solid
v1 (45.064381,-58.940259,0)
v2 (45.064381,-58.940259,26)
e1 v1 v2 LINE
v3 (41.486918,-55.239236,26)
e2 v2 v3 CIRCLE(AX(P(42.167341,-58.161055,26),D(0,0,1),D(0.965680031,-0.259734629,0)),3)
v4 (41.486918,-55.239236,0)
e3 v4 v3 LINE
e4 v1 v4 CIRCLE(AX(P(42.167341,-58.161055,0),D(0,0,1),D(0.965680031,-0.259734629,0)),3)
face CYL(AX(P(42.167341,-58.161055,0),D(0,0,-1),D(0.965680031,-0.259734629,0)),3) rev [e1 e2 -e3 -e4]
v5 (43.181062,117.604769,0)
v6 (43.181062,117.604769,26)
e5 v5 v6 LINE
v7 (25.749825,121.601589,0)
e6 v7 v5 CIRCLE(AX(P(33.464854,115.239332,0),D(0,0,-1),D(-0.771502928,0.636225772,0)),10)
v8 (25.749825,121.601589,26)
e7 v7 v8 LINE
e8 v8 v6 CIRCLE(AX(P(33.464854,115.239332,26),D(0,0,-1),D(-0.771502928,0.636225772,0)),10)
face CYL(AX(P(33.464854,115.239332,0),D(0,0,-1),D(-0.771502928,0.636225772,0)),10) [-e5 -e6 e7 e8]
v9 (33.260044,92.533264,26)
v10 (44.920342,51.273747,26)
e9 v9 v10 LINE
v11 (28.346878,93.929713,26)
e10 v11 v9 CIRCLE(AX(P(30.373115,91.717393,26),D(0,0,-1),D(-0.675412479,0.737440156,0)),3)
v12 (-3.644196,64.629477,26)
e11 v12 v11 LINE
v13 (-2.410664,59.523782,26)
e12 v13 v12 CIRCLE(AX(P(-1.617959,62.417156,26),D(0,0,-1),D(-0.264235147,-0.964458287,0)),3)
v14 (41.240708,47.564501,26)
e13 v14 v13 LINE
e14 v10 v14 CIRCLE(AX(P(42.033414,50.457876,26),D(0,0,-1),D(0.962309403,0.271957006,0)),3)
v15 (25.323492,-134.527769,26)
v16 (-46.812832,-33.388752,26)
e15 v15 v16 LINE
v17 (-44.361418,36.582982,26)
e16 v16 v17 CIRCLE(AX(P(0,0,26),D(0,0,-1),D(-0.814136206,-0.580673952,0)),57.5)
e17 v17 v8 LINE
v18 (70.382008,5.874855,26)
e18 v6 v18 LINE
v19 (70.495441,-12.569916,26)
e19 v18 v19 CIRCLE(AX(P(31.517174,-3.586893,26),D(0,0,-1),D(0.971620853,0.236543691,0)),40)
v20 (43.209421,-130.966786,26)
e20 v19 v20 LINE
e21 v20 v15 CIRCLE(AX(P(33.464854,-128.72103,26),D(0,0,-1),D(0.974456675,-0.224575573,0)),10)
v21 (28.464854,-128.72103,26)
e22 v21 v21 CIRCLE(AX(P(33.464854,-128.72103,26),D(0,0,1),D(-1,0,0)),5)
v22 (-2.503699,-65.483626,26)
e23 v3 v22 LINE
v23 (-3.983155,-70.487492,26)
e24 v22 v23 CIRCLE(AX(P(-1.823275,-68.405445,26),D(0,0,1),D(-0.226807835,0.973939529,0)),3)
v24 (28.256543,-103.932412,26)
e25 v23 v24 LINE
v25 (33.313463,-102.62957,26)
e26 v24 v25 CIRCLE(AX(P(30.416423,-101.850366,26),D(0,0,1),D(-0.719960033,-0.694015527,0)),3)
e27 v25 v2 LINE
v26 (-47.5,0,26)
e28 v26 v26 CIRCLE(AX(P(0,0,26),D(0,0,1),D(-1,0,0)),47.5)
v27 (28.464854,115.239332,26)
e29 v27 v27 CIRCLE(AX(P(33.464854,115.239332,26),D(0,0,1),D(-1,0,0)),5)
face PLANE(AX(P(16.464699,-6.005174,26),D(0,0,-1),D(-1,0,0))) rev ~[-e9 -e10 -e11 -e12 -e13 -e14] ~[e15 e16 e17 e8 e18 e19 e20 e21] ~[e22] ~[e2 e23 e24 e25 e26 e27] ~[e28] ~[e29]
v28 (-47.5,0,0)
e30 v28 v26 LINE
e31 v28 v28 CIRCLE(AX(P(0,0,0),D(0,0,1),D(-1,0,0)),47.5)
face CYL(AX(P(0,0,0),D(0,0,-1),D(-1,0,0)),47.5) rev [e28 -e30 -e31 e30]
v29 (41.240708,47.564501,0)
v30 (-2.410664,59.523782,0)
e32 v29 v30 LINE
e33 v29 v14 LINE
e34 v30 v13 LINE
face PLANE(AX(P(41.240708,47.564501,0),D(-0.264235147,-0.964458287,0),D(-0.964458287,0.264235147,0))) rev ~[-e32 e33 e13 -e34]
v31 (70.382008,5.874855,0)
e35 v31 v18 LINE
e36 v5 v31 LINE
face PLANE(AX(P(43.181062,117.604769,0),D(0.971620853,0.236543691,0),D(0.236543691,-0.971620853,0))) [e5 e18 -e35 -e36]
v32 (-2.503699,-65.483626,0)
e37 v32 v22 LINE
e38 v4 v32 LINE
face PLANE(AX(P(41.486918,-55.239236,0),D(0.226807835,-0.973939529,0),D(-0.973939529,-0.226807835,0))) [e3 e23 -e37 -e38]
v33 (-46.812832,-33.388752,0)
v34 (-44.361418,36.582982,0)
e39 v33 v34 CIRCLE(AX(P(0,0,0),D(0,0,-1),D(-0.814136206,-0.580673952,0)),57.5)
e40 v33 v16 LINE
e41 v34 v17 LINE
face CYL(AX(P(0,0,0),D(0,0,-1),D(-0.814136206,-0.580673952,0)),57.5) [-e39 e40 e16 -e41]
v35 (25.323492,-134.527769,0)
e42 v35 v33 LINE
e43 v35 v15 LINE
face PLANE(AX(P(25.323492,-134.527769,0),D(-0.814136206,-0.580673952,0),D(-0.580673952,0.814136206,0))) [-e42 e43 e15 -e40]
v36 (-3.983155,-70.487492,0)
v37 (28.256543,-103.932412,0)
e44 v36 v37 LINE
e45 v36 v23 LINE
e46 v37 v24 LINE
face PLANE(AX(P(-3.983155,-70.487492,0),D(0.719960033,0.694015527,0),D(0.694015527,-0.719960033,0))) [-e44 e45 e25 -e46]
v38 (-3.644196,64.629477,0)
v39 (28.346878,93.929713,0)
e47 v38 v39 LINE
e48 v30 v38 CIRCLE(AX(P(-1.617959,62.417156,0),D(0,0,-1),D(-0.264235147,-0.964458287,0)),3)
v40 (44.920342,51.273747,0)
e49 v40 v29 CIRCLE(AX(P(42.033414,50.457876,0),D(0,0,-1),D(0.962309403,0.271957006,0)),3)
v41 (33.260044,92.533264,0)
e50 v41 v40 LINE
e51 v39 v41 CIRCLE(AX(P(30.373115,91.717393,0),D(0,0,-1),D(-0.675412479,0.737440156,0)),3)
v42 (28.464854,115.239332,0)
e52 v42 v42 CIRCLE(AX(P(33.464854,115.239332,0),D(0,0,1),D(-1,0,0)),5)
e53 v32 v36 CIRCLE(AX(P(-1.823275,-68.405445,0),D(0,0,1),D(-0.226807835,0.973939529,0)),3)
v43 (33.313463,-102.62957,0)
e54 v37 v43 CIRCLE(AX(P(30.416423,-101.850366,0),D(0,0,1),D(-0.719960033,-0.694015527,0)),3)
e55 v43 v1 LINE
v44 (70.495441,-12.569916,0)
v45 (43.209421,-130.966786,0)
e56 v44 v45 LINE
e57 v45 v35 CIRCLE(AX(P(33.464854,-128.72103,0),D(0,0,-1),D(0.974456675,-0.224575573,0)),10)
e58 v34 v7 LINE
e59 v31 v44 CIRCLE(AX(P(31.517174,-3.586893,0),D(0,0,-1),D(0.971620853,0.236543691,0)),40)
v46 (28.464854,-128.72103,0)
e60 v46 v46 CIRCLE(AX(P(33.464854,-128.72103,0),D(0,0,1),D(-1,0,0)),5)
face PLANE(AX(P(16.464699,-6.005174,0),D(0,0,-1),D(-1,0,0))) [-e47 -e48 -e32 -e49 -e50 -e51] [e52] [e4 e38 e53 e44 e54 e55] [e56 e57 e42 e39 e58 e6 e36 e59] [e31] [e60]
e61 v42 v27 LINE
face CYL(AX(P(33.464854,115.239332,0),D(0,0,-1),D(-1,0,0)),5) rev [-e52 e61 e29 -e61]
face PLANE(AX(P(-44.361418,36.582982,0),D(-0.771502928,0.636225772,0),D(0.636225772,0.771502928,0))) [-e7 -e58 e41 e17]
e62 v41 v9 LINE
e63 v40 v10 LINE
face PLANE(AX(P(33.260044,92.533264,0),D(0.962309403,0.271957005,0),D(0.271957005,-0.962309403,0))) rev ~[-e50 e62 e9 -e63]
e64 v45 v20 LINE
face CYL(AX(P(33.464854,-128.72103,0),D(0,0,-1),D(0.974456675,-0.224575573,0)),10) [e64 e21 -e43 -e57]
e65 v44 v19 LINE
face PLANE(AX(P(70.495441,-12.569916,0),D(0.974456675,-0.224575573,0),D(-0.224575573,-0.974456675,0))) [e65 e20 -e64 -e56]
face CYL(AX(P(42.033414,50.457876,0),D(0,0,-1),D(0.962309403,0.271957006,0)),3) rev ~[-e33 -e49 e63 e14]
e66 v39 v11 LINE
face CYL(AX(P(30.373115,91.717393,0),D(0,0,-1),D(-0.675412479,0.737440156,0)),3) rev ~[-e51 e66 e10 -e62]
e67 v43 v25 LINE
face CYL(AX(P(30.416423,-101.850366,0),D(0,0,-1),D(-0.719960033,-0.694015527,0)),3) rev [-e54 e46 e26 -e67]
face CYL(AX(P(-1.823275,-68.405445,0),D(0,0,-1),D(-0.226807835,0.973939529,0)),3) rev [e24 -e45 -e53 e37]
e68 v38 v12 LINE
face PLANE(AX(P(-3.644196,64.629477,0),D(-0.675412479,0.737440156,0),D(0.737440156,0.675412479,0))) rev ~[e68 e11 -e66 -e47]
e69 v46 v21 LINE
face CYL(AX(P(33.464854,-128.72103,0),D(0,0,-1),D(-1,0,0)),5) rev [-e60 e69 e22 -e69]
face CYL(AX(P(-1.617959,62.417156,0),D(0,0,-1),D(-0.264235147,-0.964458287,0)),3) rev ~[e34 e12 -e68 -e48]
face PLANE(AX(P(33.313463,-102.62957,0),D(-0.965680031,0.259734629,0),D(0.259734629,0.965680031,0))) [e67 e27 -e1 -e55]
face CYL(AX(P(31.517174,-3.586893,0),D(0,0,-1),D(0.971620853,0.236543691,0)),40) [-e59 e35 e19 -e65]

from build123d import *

# Parameters (mm, degrees)
SKETCH2_R           = 47.5
SKETCH2_R_2         = 5
BOSS_EXTRUDE2_DEPTH = 26
CUT_EXTRUDE1_DEPTH  = 26


with BuildPart() as part:
    # Sketch2 → Boss-Extrude2 (new body)
    with BuildSketch(Plane.XY):
        with BuildLine():
            Line((-44.361418341, 36.582981874), (25.749824557, 121.601589362))
            ThreePointArc((25.749824557, 121.601589362), (35.699764064, 124.986391522), (43.181062365, 117.604768557))
            Line((43.181062365, 117.604768557), (70.382008245, 5.874854744))
            ThreePointArc((70.382008245, 5.874854744), (71.516417726, -3.340902868), (70.495441136, -12.569915818))
            Line((70.495441136, -12.569915818), (43.209420588, -130.966785703))
            ThreePointArc((43.209420588, -130.966785703), (35.417472002, -138.528541499), (25.323491774, -134.527769491))
            Line((25.323491774, -134.527769491), (-46.812831844, -33.388752219))
            ThreePointArc((-46.812831844, -33.388752219), (-57.464744559, 2.013239383), (-44.361418341, 36.582981874))
        make_face()
        with Locations(Location((0, 0, 0), (0, 0, 180))):
            Circle(SKETCH2_R, mode=Mode.SUBTRACT)
        with Locations(Location((33.464853834, 115.239331644, 0), (0, 0, 180))):
            Circle(SKETCH2_R_2, mode=Mode.SUBTRACT)
        with Locations(Location((33.464853834, -128.721029975, 0), (0, 0, 180))):
            Circle(SKETCH2_R_2, mode=Mode.SUBTRACT)
    extrude(amount=BOSS_EXTRUDE2_DEPTH)

    # Sketch3 → Cut-Extrude1 (cut)
    with BuildSketch(Plane(origin=(0, 0, 0), x_dir=(-1, 0, 0), z_dir=(0, 0, -1))):
        with BuildLine():
            Line((-33.26004361, 92.533263855), (-44.920341747, 51.273747369))
            ThreePointArc((-44.920341747, 51.273747369), (-44.16321834, 48.345074539), (-41.240708097, 47.564501493))
            Line((-41.240708097, 47.564501493), (2.410664417, 59.523781634))
            ThreePointArc((2.410664417, 59.523781634), (4.534059271, 61.712628945), (3.644196413, 64.629476961))
            Line((3.644196413, 64.629476961), (-28.346877964, 93.929713306))
            ThreePointArc((-28.346877964, 93.929713306), (-31.193307402, 94.603096407), (-33.26004361, 92.533263855))
        make_face()
        with BuildLine():
            Line((-41.486917876, -55.239236277), (2.503698589, -65.483626413))
            ThreePointArc((2.503698589, -65.483626413), (4.700165382, -67.55485567), (3.983155181, -70.48749158))
            Line((3.983155181, -70.48749158), (-28.256543188, -103.932412317))
            ThreePointArc((-28.256543188, -103.932412317), (-31.16488904, -104.755498955), (-33.313463379, -102.629569624))
            Line((-33.313463379, -102.629569624), (-45.064381475, -58.940258751))
            ThreePointArc((-45.064381475, -58.940258751), (-44.32436227, -56.076046257), (-41.486917876, -55.239236277))
        make_face()
    extrude(amount=-CUT_EXTRUDE1_DEPTH, mode=Mode.SUBTRACT)


solid = part.part
